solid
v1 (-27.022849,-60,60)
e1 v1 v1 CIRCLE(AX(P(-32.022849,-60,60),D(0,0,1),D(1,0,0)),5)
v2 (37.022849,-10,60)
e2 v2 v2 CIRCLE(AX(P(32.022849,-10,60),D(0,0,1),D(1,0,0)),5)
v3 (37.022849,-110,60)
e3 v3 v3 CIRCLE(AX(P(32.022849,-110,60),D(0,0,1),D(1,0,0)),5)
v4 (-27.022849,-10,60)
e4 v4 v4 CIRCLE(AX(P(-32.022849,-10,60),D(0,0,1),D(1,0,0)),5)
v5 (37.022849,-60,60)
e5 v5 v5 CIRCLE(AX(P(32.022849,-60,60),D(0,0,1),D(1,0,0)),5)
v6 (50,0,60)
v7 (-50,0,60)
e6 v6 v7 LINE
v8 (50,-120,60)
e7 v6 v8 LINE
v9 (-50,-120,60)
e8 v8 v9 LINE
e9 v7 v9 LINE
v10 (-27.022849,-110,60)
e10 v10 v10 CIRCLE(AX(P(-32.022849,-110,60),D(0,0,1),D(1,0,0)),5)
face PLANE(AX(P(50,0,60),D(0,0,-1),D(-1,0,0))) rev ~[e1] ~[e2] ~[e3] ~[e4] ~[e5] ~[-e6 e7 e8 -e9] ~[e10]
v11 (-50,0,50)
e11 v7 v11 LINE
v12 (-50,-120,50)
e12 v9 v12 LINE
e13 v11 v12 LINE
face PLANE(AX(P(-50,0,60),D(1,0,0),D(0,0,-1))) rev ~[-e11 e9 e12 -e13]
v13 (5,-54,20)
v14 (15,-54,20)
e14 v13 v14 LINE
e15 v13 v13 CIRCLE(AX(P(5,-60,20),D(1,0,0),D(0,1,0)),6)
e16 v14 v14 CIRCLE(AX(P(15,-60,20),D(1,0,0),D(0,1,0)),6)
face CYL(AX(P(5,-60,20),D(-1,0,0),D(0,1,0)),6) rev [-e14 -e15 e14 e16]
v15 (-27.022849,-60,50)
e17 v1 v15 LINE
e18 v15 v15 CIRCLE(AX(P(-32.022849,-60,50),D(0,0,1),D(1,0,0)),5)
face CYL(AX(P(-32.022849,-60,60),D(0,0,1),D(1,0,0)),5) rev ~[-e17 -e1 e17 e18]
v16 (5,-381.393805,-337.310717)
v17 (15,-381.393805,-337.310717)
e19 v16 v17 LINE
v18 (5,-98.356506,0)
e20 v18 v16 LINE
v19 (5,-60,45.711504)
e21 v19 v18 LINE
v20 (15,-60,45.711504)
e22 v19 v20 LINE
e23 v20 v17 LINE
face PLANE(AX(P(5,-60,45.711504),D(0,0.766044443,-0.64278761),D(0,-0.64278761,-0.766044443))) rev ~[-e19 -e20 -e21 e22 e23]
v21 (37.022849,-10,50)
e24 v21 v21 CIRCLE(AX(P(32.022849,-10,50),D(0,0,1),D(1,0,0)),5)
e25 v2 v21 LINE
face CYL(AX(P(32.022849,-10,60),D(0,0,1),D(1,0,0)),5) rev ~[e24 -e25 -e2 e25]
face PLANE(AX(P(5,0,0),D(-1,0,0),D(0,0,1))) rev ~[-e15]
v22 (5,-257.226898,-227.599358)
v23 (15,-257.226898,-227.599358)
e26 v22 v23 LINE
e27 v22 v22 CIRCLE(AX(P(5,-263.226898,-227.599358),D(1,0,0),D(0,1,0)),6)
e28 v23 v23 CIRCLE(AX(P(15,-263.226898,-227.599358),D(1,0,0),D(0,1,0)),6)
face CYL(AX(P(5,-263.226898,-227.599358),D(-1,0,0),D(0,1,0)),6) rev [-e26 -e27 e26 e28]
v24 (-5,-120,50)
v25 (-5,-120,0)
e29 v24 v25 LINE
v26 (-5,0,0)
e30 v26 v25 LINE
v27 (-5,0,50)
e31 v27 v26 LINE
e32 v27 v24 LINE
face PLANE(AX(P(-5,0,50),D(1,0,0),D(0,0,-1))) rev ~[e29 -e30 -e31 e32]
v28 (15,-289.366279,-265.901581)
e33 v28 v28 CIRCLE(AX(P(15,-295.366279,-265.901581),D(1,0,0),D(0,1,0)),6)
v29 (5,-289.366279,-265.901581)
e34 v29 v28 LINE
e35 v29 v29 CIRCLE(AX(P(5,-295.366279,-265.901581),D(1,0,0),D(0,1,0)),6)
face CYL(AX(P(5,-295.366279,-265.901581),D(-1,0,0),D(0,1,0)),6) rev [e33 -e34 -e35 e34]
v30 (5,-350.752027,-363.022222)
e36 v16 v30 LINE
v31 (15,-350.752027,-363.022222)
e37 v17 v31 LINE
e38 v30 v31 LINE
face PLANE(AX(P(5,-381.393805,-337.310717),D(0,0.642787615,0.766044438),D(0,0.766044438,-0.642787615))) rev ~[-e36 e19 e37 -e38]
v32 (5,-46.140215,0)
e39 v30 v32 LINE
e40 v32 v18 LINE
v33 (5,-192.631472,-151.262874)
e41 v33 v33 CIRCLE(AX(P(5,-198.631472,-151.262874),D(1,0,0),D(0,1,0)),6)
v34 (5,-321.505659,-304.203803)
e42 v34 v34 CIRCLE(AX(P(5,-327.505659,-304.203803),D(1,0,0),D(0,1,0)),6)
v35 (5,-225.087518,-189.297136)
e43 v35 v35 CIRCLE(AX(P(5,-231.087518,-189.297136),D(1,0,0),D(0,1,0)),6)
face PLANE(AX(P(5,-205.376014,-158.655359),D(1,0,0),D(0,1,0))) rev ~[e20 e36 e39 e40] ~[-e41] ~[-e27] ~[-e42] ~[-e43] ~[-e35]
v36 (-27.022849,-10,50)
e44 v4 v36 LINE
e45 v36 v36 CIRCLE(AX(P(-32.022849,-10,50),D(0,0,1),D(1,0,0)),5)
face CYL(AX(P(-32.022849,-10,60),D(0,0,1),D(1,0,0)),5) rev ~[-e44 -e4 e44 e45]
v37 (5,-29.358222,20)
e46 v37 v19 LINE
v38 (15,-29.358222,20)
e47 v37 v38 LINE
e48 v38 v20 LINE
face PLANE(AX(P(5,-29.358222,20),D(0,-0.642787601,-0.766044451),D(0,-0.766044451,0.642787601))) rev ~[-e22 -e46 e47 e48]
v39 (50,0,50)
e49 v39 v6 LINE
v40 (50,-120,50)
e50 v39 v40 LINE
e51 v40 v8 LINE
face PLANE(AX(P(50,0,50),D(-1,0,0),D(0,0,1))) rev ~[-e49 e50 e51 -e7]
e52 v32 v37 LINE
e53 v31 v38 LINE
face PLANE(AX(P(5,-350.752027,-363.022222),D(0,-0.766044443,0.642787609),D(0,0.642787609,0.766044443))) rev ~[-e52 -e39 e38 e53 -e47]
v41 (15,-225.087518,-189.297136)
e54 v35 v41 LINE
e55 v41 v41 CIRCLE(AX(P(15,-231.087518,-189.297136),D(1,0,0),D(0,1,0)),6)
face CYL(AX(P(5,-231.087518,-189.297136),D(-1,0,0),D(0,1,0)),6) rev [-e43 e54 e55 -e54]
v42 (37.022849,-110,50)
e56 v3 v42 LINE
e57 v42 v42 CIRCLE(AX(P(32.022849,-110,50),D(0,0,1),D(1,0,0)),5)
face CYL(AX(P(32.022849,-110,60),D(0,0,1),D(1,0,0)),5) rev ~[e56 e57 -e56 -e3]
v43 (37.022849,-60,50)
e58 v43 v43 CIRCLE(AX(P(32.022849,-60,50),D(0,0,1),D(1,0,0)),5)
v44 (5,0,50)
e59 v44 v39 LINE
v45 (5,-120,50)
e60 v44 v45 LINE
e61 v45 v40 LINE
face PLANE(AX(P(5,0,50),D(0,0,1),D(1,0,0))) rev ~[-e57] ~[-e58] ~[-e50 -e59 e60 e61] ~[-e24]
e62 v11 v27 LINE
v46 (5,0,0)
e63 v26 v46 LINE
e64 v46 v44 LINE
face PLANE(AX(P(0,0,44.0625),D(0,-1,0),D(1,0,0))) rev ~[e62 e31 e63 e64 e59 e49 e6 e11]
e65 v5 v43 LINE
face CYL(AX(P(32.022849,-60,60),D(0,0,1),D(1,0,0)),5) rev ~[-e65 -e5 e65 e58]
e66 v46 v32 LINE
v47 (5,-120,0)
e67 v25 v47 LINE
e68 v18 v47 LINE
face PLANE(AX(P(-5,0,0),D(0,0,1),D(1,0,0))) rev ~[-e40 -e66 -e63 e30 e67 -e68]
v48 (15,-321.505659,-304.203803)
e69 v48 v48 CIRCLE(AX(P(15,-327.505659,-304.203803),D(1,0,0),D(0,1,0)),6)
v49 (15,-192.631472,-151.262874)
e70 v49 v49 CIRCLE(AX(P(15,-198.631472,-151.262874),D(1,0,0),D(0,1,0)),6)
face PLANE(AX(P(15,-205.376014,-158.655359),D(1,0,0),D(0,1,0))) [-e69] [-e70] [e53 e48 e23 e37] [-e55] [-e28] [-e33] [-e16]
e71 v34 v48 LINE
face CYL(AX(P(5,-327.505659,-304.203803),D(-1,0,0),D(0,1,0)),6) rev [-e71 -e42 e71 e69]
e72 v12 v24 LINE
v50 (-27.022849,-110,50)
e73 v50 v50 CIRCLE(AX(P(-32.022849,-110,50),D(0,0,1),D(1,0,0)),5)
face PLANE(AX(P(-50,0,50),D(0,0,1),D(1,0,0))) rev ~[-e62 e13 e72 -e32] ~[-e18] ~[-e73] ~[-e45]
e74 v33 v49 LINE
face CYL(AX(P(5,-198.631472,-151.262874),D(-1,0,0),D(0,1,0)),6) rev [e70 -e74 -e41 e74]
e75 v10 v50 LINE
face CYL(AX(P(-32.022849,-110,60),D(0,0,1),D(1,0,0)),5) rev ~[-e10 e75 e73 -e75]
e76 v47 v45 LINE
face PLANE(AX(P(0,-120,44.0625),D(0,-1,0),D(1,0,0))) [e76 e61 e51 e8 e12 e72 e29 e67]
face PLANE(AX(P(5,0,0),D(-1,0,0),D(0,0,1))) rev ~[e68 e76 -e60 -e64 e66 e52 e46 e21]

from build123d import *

# Parameters (mm, degrees)
F1_DEPTH = 120
F2_R     = 6
F3_DEPTH = 10
F4_R     = 5
F5_DEPTH = 423.023222


with BuildPart() as f1:
    # F0 (on Front) → F1 (new body)
    with BuildSketch(Plane.XZ):
        Polygon((-5, 50), (-5, 0), (5, 0), (5, 50), (50, 50), (50, 60), (-50, 60), (-50, 50), align=None)
    extrude(amount=F1_DEPTH)

    # F2 (on face) → F3 (join)
    with BuildSketch(Plane.YZ.offset(5)):
        Polygon((-29.358222, 20), (-60, 45.711504), (-381.393805, -337.310717), (-350.752027, -363.022222), align=None)
        with Locations((-327.505659, -304.203803)):
            Circle(F2_R, mode=Mode.SUBTRACT)
        with Locations((-295.366279, -265.901581)):
            Circle(F2_R, mode=Mode.SUBTRACT)
        with Locations((-263.226898, -227.599358)):
            Circle(F2_R, mode=Mode.SUBTRACT)
        with Locations((-231.087518, -189.297136)):
            Circle(F2_R, mode=Mode.SUBTRACT)
        with Locations((-198.631472, -151.262874)):
            Circle(F2_R, mode=Mode.SUBTRACT)
        with Locations((-60, 20)):
            Circle(F2_R, mode=Mode.SUBTRACT)
    extrude(amount=F3_DEPTH)

    # F4 (on face) → F5 (cut, through all)
    with BuildSketch(Plane.XY.offset(60)):
        with Locations((-32.022849, -10)):
            Circle(F4_R)
        with Locations((-32.022849, -60)):
            Circle(F4_R)
        with Locations((-32.022849, -110)):
            Circle(F4_R)
        with Locations((32.022849, -110)):
            Circle(F4_R)
        with Locations((32.022849, -60)):
            Circle(F4_R)
        with Locations((32.022849, -10)):
            Circle(F4_R)
    extrude(amount=-F5_DEPTH, mode=Mode.SUBTRACT)


solid = f1.part
